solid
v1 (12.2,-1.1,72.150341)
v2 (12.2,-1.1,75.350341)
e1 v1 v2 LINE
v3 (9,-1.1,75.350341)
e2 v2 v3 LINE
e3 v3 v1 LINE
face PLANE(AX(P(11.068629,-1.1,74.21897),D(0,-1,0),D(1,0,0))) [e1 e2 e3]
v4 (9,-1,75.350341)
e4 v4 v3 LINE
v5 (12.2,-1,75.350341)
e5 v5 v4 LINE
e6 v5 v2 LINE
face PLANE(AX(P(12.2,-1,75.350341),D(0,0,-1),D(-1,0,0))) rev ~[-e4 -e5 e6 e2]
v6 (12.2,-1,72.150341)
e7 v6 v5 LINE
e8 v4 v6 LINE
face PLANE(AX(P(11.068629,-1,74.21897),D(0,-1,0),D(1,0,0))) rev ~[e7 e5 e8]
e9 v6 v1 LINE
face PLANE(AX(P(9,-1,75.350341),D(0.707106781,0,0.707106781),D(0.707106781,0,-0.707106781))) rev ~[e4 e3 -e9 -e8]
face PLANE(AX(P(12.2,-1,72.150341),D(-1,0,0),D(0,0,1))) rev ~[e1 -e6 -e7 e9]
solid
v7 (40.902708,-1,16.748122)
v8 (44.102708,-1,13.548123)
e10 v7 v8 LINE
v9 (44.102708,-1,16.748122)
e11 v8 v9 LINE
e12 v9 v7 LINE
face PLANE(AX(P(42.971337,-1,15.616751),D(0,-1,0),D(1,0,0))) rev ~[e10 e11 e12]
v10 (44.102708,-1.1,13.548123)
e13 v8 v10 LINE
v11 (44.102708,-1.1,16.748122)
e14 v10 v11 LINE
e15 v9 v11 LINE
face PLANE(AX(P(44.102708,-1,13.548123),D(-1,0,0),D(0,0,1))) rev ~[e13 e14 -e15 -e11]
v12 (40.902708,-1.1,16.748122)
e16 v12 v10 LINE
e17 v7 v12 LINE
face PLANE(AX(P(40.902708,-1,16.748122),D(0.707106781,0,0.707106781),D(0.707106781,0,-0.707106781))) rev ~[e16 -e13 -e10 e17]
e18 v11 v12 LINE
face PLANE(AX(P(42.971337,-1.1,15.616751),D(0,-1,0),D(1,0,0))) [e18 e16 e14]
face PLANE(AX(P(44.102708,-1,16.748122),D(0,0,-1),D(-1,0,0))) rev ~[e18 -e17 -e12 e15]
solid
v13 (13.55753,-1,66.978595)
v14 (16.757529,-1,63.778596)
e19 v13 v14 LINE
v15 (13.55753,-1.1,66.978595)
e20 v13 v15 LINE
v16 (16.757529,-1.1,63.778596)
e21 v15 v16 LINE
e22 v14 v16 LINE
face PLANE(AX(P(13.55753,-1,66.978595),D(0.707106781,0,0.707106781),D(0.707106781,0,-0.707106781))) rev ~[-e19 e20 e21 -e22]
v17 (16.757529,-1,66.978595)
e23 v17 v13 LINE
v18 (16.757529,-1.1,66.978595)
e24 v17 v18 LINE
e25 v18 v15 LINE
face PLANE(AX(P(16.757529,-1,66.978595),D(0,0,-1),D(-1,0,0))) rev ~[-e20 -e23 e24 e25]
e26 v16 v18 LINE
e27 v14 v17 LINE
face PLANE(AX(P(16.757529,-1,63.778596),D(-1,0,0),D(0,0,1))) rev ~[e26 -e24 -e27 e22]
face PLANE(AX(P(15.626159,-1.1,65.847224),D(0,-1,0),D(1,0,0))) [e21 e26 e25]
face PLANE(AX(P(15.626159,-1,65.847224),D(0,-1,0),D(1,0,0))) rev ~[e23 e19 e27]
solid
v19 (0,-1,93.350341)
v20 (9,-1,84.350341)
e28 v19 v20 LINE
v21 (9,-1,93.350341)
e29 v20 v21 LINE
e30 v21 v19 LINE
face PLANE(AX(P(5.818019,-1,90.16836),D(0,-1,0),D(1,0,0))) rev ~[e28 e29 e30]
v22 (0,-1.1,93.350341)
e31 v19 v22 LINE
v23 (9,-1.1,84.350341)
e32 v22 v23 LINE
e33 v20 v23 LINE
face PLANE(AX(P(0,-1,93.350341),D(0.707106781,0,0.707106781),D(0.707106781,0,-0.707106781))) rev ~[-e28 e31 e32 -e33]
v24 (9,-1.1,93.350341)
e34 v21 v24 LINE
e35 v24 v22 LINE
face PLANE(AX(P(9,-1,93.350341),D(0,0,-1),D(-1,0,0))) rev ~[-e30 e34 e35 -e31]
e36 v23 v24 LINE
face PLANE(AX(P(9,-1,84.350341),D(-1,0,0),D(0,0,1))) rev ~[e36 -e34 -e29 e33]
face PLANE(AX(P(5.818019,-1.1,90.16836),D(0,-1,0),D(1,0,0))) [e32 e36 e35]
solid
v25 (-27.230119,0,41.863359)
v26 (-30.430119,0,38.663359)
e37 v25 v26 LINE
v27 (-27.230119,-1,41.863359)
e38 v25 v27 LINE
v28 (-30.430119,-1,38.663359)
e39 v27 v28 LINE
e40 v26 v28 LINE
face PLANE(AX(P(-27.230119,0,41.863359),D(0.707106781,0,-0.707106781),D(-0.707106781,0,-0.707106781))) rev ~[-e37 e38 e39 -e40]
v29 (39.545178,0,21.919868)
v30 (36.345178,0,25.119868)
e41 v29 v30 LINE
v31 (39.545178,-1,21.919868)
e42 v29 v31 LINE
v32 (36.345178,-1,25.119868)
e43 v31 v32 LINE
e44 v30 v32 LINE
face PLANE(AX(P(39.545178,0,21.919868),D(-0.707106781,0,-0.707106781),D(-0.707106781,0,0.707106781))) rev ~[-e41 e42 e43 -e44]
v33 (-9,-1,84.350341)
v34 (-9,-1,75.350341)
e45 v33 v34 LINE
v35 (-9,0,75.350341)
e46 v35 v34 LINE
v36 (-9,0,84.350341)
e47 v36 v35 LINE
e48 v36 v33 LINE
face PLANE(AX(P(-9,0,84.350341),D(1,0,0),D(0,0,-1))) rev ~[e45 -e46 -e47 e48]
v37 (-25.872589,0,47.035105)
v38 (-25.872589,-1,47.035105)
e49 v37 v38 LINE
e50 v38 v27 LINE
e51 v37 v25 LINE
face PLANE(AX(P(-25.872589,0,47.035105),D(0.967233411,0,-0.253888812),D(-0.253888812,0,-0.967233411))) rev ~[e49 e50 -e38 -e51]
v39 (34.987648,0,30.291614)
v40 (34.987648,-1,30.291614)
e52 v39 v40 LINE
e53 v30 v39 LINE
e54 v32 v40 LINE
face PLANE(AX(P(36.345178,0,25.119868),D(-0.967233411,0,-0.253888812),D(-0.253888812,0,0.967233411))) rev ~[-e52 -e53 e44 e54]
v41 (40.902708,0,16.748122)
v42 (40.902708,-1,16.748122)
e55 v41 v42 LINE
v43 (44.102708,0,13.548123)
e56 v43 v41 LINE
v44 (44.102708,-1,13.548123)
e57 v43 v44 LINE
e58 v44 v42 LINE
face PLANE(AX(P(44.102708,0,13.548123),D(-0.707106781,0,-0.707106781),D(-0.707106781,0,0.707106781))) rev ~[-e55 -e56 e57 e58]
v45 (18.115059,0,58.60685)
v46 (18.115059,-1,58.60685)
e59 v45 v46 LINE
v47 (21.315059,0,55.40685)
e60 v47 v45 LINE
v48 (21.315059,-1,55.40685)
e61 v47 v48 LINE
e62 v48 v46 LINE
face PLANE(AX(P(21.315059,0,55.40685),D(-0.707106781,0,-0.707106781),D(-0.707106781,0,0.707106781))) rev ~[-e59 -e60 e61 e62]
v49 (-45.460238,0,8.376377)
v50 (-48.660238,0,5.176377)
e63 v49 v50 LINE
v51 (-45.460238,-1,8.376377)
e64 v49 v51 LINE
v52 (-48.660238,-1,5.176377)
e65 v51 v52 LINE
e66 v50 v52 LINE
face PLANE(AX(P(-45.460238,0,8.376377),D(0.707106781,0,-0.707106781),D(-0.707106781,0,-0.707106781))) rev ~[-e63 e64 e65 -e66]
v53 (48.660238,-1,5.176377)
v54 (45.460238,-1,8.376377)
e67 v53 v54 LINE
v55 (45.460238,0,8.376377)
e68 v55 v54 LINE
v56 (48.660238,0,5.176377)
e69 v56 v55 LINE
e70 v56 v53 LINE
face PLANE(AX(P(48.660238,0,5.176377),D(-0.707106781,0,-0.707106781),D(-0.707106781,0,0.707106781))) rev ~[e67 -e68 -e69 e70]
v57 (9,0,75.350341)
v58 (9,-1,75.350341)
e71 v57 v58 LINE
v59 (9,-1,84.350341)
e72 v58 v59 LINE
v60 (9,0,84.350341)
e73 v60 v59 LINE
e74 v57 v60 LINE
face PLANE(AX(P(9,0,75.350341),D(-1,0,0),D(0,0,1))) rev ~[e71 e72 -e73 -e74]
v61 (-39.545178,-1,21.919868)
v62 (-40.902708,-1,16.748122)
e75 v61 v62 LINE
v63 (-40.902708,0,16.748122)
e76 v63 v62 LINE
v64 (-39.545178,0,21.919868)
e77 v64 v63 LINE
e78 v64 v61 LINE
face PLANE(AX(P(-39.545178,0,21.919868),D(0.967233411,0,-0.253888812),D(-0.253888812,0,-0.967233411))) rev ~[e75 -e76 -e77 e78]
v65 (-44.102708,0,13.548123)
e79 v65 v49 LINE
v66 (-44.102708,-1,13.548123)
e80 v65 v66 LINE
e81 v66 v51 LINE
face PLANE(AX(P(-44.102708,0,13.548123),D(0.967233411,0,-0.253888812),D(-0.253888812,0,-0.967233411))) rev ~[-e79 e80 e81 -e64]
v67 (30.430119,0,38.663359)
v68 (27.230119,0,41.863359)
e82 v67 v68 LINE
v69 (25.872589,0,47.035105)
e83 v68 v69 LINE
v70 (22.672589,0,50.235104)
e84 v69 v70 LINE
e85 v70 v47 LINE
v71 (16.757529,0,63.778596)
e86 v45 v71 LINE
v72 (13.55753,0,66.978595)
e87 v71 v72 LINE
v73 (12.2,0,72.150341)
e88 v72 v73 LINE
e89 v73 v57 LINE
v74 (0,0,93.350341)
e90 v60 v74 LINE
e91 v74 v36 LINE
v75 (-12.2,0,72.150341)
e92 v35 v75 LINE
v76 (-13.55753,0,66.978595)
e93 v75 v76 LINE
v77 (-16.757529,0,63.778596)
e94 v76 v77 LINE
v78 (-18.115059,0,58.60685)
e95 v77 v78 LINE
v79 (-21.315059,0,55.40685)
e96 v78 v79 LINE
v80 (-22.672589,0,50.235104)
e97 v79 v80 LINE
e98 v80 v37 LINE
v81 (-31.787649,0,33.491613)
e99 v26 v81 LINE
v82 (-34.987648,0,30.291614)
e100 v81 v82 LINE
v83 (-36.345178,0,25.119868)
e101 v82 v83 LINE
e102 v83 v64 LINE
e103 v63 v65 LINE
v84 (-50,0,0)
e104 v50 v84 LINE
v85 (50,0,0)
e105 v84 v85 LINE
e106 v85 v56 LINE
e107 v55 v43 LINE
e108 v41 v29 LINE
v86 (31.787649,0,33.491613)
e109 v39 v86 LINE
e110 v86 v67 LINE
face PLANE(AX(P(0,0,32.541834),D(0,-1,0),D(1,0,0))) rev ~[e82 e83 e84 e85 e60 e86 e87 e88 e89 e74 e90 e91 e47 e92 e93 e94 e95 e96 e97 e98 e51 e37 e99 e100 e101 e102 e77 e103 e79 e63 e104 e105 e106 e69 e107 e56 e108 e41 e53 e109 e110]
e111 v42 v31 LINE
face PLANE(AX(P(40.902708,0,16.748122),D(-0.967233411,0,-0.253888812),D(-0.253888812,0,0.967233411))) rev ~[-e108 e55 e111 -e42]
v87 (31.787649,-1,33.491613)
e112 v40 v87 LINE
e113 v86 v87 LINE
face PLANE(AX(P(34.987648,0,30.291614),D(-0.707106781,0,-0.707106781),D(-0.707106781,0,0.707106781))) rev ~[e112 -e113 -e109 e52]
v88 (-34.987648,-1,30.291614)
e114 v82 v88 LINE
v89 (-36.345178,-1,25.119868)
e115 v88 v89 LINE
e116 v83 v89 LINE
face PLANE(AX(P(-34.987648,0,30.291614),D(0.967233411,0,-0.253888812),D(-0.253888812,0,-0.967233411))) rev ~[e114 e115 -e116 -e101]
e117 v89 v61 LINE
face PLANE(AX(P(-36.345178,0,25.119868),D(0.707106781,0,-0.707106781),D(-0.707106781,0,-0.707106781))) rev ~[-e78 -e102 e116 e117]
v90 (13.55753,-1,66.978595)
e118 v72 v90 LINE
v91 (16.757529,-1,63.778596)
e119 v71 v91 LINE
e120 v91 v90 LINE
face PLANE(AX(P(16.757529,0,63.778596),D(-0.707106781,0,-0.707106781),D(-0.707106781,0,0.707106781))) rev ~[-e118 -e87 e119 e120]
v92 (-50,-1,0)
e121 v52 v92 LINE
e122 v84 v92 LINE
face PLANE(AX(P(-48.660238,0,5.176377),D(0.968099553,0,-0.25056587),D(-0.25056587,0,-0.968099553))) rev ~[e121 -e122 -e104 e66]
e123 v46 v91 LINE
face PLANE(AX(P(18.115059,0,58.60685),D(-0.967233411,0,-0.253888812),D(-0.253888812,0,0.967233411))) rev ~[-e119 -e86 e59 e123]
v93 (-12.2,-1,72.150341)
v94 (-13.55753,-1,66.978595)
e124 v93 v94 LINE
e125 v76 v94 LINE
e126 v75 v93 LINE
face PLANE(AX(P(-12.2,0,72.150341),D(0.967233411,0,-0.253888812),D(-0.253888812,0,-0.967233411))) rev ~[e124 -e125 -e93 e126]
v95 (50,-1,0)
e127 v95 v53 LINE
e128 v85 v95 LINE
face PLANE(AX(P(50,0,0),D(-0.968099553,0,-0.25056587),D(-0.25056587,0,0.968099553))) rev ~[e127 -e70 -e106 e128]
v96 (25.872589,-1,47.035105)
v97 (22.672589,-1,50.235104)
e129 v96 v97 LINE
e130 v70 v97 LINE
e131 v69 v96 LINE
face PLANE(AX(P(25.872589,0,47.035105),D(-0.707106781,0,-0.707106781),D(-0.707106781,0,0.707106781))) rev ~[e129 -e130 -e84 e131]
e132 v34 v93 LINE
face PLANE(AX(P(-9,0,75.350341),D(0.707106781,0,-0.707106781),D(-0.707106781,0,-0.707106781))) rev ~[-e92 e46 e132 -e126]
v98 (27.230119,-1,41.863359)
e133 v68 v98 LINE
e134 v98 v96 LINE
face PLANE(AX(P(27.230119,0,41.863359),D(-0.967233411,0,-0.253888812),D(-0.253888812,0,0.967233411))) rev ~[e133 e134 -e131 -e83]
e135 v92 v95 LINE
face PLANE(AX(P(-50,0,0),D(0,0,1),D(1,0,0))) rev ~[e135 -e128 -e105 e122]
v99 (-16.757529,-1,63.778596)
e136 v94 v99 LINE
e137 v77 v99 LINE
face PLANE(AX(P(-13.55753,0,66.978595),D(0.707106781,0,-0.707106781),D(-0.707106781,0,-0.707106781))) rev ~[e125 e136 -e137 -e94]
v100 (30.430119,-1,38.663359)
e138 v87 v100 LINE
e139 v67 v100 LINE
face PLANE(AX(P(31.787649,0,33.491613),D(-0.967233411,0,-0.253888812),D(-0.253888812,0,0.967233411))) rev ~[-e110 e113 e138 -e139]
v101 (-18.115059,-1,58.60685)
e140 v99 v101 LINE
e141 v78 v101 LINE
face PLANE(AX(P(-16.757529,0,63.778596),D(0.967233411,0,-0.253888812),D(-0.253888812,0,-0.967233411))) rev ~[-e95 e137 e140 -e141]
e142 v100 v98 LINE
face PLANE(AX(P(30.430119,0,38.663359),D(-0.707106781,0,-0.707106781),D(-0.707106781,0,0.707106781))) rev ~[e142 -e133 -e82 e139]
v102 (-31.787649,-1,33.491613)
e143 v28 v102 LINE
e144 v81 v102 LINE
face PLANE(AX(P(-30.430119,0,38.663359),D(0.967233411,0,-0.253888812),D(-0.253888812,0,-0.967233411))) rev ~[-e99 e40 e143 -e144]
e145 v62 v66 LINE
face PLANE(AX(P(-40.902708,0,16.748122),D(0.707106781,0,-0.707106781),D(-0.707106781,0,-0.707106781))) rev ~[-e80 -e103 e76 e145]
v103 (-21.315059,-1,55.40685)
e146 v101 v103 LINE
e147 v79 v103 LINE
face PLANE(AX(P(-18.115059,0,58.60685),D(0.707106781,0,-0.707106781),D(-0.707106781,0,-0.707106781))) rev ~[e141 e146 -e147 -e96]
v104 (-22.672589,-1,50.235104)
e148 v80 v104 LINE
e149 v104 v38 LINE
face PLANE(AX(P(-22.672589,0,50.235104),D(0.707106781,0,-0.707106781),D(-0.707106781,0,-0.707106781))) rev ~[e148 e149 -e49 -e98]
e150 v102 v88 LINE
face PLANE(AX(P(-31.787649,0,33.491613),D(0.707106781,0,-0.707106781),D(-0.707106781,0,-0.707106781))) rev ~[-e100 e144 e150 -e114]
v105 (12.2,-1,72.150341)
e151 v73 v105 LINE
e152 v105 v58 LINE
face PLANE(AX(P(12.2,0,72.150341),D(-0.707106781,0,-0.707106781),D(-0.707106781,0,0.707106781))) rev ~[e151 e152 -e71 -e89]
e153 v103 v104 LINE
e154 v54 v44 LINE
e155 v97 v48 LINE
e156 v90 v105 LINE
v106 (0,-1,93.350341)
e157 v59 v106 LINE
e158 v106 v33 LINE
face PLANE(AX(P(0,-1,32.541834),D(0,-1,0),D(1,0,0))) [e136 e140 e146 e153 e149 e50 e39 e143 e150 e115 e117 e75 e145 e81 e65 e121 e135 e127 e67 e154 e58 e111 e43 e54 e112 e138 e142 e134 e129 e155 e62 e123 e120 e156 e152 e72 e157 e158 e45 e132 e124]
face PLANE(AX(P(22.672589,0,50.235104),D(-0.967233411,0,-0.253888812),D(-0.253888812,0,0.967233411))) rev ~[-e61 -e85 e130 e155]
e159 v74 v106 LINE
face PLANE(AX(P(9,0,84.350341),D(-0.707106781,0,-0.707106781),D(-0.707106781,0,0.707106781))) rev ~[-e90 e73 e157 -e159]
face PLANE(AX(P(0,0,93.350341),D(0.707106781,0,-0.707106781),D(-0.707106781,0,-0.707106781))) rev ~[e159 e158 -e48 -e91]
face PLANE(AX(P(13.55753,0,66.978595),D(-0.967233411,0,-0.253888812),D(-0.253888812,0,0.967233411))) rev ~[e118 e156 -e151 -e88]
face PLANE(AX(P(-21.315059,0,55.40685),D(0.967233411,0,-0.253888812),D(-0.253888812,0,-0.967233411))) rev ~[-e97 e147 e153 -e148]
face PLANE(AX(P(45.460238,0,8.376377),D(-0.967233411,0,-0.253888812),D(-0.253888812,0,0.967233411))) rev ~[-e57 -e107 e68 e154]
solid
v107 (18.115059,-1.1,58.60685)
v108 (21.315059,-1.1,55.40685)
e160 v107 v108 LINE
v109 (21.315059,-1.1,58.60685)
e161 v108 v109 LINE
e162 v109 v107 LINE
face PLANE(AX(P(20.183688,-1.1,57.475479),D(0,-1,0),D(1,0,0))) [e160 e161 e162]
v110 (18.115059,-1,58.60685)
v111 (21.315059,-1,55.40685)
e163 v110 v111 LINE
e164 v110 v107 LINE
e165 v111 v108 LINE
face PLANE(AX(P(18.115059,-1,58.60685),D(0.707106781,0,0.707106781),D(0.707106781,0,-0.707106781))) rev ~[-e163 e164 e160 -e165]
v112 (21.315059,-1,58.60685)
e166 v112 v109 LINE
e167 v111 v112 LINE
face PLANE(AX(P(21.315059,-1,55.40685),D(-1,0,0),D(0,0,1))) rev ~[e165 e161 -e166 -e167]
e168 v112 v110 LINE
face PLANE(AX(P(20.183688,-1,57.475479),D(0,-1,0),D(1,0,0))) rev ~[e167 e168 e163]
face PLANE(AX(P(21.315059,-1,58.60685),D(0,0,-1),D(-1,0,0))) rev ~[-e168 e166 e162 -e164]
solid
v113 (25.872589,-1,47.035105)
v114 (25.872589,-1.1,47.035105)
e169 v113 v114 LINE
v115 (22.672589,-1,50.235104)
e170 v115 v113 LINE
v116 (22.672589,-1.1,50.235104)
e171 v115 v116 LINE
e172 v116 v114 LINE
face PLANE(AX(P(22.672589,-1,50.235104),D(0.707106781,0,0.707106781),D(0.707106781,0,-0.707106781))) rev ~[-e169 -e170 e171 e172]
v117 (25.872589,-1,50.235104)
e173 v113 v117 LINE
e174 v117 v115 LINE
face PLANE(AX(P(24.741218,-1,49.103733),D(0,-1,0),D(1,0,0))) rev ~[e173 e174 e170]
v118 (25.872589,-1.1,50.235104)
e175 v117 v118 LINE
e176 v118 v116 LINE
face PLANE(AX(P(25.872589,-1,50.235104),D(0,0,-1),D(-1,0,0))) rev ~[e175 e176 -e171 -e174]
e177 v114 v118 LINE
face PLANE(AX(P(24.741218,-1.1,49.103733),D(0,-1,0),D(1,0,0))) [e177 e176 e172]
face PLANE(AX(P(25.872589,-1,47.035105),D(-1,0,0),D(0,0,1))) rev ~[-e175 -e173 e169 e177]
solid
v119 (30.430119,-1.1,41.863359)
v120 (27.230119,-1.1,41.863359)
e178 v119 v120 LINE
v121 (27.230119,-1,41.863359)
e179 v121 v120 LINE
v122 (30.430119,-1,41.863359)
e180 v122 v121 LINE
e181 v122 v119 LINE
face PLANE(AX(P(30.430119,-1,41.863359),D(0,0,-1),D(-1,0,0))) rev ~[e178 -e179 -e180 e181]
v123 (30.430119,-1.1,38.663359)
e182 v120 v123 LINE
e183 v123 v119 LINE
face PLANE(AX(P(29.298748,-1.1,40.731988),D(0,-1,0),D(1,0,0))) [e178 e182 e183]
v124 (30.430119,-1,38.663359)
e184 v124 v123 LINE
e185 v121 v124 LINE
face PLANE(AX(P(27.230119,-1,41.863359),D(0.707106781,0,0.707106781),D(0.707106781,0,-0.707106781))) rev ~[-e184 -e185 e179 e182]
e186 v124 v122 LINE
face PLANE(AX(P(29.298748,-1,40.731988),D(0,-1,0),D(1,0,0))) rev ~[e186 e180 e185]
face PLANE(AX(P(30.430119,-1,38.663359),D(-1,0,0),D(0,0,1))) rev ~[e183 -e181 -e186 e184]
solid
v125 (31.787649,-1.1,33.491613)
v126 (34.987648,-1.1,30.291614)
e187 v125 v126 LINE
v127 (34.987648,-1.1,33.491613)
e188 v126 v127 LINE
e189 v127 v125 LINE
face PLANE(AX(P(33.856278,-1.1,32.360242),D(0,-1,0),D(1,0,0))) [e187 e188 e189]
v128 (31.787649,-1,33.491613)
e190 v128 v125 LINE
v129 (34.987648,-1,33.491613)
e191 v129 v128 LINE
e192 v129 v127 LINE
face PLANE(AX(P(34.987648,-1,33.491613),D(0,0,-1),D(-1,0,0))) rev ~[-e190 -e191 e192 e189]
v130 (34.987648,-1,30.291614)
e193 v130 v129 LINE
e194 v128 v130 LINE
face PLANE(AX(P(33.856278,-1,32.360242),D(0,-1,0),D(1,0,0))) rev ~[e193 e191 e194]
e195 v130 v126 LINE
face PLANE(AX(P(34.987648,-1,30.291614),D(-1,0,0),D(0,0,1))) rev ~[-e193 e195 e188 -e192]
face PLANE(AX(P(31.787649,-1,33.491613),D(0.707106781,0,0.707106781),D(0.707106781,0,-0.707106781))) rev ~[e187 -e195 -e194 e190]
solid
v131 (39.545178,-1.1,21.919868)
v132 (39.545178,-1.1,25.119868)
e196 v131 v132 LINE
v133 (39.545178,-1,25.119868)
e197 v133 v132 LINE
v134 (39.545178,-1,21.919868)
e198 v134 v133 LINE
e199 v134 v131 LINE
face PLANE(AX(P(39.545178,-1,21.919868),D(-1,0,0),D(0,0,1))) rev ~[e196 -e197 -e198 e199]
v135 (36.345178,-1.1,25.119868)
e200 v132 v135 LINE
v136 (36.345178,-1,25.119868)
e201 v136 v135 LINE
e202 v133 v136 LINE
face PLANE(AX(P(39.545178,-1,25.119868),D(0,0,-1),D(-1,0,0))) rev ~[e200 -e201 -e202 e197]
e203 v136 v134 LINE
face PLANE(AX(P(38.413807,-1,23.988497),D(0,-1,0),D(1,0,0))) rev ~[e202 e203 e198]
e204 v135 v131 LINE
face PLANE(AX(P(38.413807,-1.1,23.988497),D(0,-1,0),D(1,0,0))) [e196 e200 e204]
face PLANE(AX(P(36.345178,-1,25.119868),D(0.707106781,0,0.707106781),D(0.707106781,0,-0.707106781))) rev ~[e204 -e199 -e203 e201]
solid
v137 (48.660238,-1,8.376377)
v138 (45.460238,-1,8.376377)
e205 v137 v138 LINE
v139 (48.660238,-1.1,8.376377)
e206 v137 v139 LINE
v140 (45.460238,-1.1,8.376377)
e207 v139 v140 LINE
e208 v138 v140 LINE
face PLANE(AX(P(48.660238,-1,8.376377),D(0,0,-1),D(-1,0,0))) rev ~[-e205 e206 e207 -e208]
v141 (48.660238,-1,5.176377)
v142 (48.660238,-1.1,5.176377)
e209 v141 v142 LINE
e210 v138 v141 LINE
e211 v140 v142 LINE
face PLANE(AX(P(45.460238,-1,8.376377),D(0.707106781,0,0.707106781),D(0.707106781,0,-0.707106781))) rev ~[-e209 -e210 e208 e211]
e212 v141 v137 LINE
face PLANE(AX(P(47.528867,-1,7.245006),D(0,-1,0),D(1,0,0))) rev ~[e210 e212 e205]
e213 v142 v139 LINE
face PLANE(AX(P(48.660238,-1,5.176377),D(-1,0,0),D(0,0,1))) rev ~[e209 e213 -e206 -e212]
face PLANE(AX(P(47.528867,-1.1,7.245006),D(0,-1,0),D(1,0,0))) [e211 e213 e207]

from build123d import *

# Parameters (mm, degrees)
F1_DEPTH = 1
F4_DEPTH = 0.1


with BuildPart() as f1:
    # F0 (on Front) → F1 (new body)
    with BuildSketch(Plane.XZ):
        Polygon((-50, 0), (50, 0), (48.6602375707, 5.1763770008), (45.4602378533, 8.3763767182), (44.1027078336, 13.5481225034), (40.9027081162, 16.7481222208), (39.5451780966, 21.919868006), (36.3451783791, 25.1198677235), (34.9876483595, 30.2916135086), (31.787648642, 33.4916132261), (30.4301186224, 38.6633590113), (27.230118905, 41.8633587287), (25.8725888853, 47.0351045139), (22.6725891679, 50.2351042313), (21.3150591482, 55.4068500165), (18.1150594308, 58.606849734), (16.7575294111, 63.7785955192), (13.5575296937, 66.9785952366), (12.1999996741, 72.1503410218), (8.9999999566, 75.3503407392), (8.9999999566, 84.3503407392), (0, 93.3503406959), (-8.9999999566, 84.3503407392), (-8.9999999566, 75.3503407392), (-12.1999996741, 72.1503410218), (-13.5575296937, 66.9785952366), (-16.7575294111, 63.7785955192), (-18.1150594308, 58.606849734), (-21.3150591482, 55.4068500165), (-22.6725891679, 50.2351042313), (-25.8725888853, 47.0351045139), (-27.230118905, 41.8633587287), (-30.4301186224, 38.6633590113), (-31.787648642, 33.4916132261), (-34.9876483595, 30.2916135086), (-36.3451783791, 25.1198677235), (-39.5451780966, 21.919868006), (-40.9027081162, 16.7481222208), (-44.1027078336, 13.5481225034), (-45.4602378533, 8.3763767182), (-48.6602375707, 5.1763770008), align=None)
    extrude(amount=F1_DEPTH)


with BuildPart() as f4:
    # F3 (on face) → F4 (new body)
    with BuildSketch(Plane.XZ.offset(1)):
        Polygon((45.4602378533, 8.3763767182), (48.6602375707, 5.1763770008), (48.6602375707, 8.3763767182), align=None)
    extrude(amount=F4_DEPTH)


with BuildPart() as f4b:
    # F3 (on face) → F4, piece 2 (new body)
    with BuildSketch(Plane.XZ.offset(1)):
        Polygon((40.9027081162, 16.7481222208), (44.1027078336, 13.5481225034), (44.1027078336, 16.7481222208), align=None)
    extrude(amount=F4_DEPTH)


with BuildPart() as f4c:
    # F3 (on face) → F4, piece 3 (new body)
    with BuildSketch(Plane.XZ.offset(1)):
        Polygon((36.3451783791, 25.1198677235), (39.5451780966, 21.919868006), (39.5451780966, 25.1198677235), align=None)
    extrude(amount=F4_DEPTH)


with BuildPart() as f4d:
    # F3 (on face) → F4, piece 4 (new body)
    with BuildSketch(Plane.XZ.offset(1)):
        Polygon((31.787648642, 33.4916132261), (34.9876483595, 30.2916135086), (34.9876483595, 33.4916132261), align=None)
    extrude(amount=F4_DEPTH)


with BuildPart() as f4e:
    # F3 (on face) → F4, piece 5 (new body)
    with BuildSketch(Plane.XZ.offset(1)):
        Polygon((27.230118905, 41.8633587287), (30.4301186224, 38.6633590113), (30.4301186224, 41.8633587287), align=None)
    extrude(amount=F4_DEPTH)


with BuildPart() as f4f:
    # F3 (on face) → F4, piece 6 (new body)
    with BuildSketch(Plane.XZ.offset(1)):
        Polygon((22.6725891679, 50.2351042313), (25.8725888853, 47.0351045139), (25.8725888853, 50.2351042313), align=None)
    extrude(amount=F4_DEPTH)


with BuildPart() as f4g:
    # F3 (on face) → F4, piece 7 (new body)
    with BuildSketch(Plane.XZ.offset(1)):
        Polygon((18.1150594308, 58.606849734), (21.3150591482, 55.4068500165), (21.3150591482, 58.606849734), align=None)
    extrude(amount=F4_DEPTH)


with BuildPart() as f4h:
    # F3 (on face) → F4, piece 8 (new body)
    with BuildSketch(Plane.XZ.offset(1)):
        Polygon((13.5575296937, 66.9785952366), (16.7575294111, 63.7785955192), (16.7575294111, 66.9785952366), align=None)
    extrude(amount=F4_DEPTH)


with BuildPart() as f4i:
    # F3 (on face) → F4, piece 9 (new body)
    with BuildSketch(Plane.XZ.offset(1)):
        Polygon((8.9999999566, 75.3503407392), (12.1999996741, 72.1503410218), (12.1999996741, 75.3503407392), align=None)
    extrude(amount=F4_DEPTH)


with BuildPart() as f4j:
    # F3 (on face) → F4, piece 10 (new body)
    with BuildSketch(Plane.XZ.offset(1)):
        Polygon((0, 93.3503406959), (8.9999999566, 84.3503407392), (8.9999999566, 93.3503406959), align=None)
    extrude(amount=F4_DEPTH)


solid = Compound([f1.part, f4.part, f4b.part, f4c.part, f4d.part, f4e.part, f4f.part, f4g.part, f4h.part, f4i.part, f4j.part])
